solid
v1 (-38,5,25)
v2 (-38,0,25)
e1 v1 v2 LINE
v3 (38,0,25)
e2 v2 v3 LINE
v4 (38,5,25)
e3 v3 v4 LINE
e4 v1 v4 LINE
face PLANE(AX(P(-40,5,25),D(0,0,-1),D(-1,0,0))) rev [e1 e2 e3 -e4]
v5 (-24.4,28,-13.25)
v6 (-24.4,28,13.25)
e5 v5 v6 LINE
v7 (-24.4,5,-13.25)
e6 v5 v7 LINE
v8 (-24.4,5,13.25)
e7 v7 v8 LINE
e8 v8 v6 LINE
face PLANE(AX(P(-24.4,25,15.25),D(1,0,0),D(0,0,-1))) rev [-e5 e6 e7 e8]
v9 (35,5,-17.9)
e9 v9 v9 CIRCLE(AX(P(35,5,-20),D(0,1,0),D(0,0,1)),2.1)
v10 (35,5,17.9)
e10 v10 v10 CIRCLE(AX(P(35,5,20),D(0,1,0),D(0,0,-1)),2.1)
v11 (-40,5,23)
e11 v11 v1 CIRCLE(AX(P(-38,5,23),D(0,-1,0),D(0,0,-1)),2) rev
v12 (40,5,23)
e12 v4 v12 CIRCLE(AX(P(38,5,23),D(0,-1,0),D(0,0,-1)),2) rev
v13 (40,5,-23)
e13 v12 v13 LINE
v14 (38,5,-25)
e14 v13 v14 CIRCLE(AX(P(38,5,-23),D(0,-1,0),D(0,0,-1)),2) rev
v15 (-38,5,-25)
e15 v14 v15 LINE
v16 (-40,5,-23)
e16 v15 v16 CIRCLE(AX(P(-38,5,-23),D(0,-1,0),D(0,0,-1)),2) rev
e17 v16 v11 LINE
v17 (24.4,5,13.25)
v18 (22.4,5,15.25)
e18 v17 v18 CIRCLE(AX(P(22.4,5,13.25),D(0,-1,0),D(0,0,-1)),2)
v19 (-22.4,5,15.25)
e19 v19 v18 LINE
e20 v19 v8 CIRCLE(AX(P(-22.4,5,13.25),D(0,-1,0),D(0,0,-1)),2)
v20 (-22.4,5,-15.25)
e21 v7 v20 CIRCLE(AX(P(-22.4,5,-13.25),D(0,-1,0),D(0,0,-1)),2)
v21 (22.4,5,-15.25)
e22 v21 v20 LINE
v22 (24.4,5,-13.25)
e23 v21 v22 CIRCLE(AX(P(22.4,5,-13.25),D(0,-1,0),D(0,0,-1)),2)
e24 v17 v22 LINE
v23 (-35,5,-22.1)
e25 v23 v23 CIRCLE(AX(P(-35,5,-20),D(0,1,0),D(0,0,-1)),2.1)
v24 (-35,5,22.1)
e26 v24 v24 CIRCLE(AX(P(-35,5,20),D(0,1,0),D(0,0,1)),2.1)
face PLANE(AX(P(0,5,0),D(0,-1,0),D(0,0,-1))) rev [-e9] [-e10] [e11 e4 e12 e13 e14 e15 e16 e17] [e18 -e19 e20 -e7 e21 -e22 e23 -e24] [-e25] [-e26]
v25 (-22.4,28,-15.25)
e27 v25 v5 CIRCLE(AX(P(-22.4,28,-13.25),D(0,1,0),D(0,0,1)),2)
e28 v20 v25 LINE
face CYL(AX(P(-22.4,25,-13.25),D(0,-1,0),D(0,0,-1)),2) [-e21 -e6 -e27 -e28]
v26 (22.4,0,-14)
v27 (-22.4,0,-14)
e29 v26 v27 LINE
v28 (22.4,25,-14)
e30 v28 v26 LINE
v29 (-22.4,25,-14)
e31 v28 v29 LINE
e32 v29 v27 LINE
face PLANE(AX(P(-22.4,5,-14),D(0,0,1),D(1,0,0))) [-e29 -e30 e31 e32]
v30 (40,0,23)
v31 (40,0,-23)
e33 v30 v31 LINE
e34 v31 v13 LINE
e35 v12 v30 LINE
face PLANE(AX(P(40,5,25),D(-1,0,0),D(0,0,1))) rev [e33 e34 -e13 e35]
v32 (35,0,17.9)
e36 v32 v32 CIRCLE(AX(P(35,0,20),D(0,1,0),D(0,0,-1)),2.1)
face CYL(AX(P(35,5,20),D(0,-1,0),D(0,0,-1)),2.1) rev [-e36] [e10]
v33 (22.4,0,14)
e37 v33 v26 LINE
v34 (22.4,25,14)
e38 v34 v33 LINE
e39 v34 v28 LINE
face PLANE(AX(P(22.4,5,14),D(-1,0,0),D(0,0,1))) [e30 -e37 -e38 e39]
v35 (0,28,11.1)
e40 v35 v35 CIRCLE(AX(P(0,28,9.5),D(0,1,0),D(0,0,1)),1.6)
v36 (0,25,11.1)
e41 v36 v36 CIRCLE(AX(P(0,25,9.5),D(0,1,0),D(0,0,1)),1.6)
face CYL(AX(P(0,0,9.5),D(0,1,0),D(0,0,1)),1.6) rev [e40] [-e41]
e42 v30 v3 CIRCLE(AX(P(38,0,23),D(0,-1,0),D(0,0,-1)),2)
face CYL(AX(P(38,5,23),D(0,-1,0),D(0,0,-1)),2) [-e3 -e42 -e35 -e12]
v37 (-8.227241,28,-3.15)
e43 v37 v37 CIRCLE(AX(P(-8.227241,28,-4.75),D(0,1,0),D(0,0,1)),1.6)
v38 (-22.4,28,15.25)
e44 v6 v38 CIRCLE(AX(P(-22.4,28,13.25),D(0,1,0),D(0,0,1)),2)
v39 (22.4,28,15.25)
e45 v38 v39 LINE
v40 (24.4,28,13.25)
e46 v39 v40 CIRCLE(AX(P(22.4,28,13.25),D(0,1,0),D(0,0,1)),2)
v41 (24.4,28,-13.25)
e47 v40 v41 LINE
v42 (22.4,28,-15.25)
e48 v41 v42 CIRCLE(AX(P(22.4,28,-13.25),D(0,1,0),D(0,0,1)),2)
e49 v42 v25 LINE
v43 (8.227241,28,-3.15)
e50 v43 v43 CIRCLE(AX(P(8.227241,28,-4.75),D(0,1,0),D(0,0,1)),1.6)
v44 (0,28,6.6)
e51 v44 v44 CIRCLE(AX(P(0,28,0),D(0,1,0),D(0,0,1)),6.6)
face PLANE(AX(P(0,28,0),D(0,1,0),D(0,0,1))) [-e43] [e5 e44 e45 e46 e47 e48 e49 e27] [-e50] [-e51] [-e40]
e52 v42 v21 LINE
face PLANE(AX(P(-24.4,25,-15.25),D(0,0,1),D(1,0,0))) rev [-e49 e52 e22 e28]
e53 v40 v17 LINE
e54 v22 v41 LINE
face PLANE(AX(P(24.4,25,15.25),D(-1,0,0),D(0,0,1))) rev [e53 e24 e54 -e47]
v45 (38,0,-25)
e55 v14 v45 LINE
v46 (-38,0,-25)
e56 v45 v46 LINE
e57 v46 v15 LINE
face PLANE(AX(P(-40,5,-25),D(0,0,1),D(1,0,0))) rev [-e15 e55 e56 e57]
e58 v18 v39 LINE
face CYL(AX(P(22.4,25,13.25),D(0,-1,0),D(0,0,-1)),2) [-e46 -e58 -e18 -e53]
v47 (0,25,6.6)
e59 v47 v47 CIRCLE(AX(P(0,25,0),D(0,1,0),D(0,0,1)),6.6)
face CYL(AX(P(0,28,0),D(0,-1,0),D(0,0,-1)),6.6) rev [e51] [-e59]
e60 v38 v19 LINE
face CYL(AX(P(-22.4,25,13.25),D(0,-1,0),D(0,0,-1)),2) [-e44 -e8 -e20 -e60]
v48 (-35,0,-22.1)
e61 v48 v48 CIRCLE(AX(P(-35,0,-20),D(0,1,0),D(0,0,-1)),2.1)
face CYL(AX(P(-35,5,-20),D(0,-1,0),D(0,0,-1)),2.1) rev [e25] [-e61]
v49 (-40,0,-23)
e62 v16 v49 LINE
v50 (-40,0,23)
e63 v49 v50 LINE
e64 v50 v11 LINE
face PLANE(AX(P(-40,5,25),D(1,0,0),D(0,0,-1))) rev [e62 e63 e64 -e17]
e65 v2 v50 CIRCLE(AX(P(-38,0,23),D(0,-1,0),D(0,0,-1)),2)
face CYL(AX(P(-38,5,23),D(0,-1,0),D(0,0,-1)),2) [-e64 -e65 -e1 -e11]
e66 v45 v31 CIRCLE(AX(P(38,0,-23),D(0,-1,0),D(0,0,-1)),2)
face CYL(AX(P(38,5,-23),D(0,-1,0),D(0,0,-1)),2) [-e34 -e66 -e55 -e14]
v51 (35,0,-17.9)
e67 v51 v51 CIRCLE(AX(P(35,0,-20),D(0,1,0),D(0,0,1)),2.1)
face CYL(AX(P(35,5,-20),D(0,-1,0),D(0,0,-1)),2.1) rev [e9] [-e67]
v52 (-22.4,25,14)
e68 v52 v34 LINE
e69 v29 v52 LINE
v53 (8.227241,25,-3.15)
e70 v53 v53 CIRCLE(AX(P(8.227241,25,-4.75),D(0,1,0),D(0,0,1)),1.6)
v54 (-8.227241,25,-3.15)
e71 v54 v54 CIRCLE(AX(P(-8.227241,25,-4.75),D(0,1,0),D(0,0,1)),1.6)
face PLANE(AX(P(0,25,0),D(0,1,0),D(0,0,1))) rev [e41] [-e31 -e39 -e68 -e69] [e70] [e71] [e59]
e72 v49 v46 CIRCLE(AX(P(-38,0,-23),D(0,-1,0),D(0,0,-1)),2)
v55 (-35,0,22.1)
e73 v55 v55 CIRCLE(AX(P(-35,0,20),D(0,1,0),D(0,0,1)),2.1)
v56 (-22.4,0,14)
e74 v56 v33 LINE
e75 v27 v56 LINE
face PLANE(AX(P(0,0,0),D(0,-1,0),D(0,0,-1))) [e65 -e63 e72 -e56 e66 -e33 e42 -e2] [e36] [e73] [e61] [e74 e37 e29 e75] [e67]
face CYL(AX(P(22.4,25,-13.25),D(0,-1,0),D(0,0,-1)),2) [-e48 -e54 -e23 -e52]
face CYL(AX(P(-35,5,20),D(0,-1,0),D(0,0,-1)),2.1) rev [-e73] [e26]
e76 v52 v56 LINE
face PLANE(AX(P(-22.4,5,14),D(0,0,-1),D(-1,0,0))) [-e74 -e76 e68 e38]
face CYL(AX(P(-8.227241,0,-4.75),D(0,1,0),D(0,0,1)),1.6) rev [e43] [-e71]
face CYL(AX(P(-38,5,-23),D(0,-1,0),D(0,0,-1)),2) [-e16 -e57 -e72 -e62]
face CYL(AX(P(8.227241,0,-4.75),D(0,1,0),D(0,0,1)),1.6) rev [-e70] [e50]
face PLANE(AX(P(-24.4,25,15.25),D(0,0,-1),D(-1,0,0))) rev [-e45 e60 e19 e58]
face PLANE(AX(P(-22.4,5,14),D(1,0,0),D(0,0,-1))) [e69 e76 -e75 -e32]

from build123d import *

# Parameters (mm, degrees)
SKETCH_1_W          = 80
SKETCH_1_H          = 50
SKETCH_1_R          = 2.1
SKETCH_1_W_2        = 44.8
SKETCH_1_H_2        = 28
EXTRUDE_1_DEPTH     = 5
FILLET_1_R          = 2
SKETCH_2_W          = 48.8
SKETCH_2_H          = 30.5
SKETCH_2_W_2        = 44.8
SKETCH_2_H_2        = 28
EXTRUDE_2_DEPTH     = 20
SKETCH_3_W          = 48.8
SKETCH_3_H          = 30.5
SKETCH_3_R          = 6.6
EXTRUDE_3_DEPTH     = 3
FILLET_2_R          = 2
SKETCH_4_R          = 1.6
CUT_EXTRUDE_1_DEPTH = 55.854352608


with BuildPart() as part:
    # 草图1 → 凸台-拉伸1 (new body)
    with BuildSketch(Plane(origin=(0, 0, 0), x_dir=(1, 0, 0), z_dir=(0, 1, 0))):
        Rectangle(SKETCH_1_W, SKETCH_1_H)
        with Locations(Location((35, 20, 0), (0, 0, 270))):
            Circle(SKETCH_1_R, mode=Mode.SUBTRACT)
        with Locations(Location((35, -20, 0), (0, 0, 90))):
            Circle(SKETCH_1_R, mode=Mode.SUBTRACT)
        with Locations(Location((-35, -20, 0), (0, 0, 270))):
            Circle(SKETCH_1_R, mode=Mode.SUBTRACT)
        with Locations(Location((-35, 20, 0), (0, 0, 90))):
            Circle(SKETCH_1_R, mode=Mode.SUBTRACT)
        Rectangle(SKETCH_1_W_2, SKETCH_1_H_2, mode=Mode.SUBTRACT)
    extrude(amount=EXTRUDE_1_DEPTH)

    # 圆角1
    fillet_1_edges = [part.edges().sort_by_distance(p)[0] for p in [
        (40, 2.5, 25),
        (-40, 2.5, 25),
        (-40, 2.5, -25),
        (40, 2.5, -25),
    ]]
    fillet(fillet_1_edges, radius=FILLET_1_R)

    # 草图2 → 凸台-拉伸2 (add)
    with BuildSketch(Plane(origin=(0, 5, 0), x_dir=(1, 0, 0), z_dir=(0, 1, 0))):
        Rectangle(SKETCH_2_W, SKETCH_2_H)
        Rectangle(SKETCH_2_W_2, SKETCH_2_H_2, mode=Mode.SUBTRACT)
    extrude(amount=EXTRUDE_2_DEPTH)

    # 草图3 → 凸台-拉伸3 (add)
    with BuildSketch(Plane(origin=(0, 25, 0), x_dir=(1, 0, 0), z_dir=(0, 1, 0))):
        Rectangle(SKETCH_3_W, SKETCH_3_H)
        with Locations(Location((0, 0, 0), (0, 0, 270))):
            Circle(SKETCH_3_R, mode=Mode.SUBTRACT)
    extrude(amount=EXTRUDE_3_DEPTH)

    # 圆角2
    fillet_2_edges = [part.edges().sort_by_distance(p)[0] for p in [
        (24.4, 16.5, 15.25),
        (24.4, 16.5, -15.25),
        (-24.4, 16.5, -15.25),
        (-24.4, 16.5, 15.25),
    ]]
    fillet(fillet_2_edges, radius=FILLET_2_R)

    # 草图4 → 切除-拉伸1 (cut, through all)
    with BuildSketch(Plane(origin=(0, 28, 0), x_dir=(1, 0, 0), z_dir=(0, 1, 0))):
        with Locations(Location((0, -9.5, 0), (0, 0, 270))):
            Circle(SKETCH_4_R)
        with Locations(Location((-8.227241336, 4.75, 0), (0, 0, 270))):
            Circle(SKETCH_4_R)
        with Locations(Location((8.227241336, 4.75, 0), (0, 0, 270))):
            Circle(SKETCH_4_R)
    extrude(amount=-CUT_EXTRUDE_1_DEPTH, mode=Mode.SUBTRACT)


solid = part.part
